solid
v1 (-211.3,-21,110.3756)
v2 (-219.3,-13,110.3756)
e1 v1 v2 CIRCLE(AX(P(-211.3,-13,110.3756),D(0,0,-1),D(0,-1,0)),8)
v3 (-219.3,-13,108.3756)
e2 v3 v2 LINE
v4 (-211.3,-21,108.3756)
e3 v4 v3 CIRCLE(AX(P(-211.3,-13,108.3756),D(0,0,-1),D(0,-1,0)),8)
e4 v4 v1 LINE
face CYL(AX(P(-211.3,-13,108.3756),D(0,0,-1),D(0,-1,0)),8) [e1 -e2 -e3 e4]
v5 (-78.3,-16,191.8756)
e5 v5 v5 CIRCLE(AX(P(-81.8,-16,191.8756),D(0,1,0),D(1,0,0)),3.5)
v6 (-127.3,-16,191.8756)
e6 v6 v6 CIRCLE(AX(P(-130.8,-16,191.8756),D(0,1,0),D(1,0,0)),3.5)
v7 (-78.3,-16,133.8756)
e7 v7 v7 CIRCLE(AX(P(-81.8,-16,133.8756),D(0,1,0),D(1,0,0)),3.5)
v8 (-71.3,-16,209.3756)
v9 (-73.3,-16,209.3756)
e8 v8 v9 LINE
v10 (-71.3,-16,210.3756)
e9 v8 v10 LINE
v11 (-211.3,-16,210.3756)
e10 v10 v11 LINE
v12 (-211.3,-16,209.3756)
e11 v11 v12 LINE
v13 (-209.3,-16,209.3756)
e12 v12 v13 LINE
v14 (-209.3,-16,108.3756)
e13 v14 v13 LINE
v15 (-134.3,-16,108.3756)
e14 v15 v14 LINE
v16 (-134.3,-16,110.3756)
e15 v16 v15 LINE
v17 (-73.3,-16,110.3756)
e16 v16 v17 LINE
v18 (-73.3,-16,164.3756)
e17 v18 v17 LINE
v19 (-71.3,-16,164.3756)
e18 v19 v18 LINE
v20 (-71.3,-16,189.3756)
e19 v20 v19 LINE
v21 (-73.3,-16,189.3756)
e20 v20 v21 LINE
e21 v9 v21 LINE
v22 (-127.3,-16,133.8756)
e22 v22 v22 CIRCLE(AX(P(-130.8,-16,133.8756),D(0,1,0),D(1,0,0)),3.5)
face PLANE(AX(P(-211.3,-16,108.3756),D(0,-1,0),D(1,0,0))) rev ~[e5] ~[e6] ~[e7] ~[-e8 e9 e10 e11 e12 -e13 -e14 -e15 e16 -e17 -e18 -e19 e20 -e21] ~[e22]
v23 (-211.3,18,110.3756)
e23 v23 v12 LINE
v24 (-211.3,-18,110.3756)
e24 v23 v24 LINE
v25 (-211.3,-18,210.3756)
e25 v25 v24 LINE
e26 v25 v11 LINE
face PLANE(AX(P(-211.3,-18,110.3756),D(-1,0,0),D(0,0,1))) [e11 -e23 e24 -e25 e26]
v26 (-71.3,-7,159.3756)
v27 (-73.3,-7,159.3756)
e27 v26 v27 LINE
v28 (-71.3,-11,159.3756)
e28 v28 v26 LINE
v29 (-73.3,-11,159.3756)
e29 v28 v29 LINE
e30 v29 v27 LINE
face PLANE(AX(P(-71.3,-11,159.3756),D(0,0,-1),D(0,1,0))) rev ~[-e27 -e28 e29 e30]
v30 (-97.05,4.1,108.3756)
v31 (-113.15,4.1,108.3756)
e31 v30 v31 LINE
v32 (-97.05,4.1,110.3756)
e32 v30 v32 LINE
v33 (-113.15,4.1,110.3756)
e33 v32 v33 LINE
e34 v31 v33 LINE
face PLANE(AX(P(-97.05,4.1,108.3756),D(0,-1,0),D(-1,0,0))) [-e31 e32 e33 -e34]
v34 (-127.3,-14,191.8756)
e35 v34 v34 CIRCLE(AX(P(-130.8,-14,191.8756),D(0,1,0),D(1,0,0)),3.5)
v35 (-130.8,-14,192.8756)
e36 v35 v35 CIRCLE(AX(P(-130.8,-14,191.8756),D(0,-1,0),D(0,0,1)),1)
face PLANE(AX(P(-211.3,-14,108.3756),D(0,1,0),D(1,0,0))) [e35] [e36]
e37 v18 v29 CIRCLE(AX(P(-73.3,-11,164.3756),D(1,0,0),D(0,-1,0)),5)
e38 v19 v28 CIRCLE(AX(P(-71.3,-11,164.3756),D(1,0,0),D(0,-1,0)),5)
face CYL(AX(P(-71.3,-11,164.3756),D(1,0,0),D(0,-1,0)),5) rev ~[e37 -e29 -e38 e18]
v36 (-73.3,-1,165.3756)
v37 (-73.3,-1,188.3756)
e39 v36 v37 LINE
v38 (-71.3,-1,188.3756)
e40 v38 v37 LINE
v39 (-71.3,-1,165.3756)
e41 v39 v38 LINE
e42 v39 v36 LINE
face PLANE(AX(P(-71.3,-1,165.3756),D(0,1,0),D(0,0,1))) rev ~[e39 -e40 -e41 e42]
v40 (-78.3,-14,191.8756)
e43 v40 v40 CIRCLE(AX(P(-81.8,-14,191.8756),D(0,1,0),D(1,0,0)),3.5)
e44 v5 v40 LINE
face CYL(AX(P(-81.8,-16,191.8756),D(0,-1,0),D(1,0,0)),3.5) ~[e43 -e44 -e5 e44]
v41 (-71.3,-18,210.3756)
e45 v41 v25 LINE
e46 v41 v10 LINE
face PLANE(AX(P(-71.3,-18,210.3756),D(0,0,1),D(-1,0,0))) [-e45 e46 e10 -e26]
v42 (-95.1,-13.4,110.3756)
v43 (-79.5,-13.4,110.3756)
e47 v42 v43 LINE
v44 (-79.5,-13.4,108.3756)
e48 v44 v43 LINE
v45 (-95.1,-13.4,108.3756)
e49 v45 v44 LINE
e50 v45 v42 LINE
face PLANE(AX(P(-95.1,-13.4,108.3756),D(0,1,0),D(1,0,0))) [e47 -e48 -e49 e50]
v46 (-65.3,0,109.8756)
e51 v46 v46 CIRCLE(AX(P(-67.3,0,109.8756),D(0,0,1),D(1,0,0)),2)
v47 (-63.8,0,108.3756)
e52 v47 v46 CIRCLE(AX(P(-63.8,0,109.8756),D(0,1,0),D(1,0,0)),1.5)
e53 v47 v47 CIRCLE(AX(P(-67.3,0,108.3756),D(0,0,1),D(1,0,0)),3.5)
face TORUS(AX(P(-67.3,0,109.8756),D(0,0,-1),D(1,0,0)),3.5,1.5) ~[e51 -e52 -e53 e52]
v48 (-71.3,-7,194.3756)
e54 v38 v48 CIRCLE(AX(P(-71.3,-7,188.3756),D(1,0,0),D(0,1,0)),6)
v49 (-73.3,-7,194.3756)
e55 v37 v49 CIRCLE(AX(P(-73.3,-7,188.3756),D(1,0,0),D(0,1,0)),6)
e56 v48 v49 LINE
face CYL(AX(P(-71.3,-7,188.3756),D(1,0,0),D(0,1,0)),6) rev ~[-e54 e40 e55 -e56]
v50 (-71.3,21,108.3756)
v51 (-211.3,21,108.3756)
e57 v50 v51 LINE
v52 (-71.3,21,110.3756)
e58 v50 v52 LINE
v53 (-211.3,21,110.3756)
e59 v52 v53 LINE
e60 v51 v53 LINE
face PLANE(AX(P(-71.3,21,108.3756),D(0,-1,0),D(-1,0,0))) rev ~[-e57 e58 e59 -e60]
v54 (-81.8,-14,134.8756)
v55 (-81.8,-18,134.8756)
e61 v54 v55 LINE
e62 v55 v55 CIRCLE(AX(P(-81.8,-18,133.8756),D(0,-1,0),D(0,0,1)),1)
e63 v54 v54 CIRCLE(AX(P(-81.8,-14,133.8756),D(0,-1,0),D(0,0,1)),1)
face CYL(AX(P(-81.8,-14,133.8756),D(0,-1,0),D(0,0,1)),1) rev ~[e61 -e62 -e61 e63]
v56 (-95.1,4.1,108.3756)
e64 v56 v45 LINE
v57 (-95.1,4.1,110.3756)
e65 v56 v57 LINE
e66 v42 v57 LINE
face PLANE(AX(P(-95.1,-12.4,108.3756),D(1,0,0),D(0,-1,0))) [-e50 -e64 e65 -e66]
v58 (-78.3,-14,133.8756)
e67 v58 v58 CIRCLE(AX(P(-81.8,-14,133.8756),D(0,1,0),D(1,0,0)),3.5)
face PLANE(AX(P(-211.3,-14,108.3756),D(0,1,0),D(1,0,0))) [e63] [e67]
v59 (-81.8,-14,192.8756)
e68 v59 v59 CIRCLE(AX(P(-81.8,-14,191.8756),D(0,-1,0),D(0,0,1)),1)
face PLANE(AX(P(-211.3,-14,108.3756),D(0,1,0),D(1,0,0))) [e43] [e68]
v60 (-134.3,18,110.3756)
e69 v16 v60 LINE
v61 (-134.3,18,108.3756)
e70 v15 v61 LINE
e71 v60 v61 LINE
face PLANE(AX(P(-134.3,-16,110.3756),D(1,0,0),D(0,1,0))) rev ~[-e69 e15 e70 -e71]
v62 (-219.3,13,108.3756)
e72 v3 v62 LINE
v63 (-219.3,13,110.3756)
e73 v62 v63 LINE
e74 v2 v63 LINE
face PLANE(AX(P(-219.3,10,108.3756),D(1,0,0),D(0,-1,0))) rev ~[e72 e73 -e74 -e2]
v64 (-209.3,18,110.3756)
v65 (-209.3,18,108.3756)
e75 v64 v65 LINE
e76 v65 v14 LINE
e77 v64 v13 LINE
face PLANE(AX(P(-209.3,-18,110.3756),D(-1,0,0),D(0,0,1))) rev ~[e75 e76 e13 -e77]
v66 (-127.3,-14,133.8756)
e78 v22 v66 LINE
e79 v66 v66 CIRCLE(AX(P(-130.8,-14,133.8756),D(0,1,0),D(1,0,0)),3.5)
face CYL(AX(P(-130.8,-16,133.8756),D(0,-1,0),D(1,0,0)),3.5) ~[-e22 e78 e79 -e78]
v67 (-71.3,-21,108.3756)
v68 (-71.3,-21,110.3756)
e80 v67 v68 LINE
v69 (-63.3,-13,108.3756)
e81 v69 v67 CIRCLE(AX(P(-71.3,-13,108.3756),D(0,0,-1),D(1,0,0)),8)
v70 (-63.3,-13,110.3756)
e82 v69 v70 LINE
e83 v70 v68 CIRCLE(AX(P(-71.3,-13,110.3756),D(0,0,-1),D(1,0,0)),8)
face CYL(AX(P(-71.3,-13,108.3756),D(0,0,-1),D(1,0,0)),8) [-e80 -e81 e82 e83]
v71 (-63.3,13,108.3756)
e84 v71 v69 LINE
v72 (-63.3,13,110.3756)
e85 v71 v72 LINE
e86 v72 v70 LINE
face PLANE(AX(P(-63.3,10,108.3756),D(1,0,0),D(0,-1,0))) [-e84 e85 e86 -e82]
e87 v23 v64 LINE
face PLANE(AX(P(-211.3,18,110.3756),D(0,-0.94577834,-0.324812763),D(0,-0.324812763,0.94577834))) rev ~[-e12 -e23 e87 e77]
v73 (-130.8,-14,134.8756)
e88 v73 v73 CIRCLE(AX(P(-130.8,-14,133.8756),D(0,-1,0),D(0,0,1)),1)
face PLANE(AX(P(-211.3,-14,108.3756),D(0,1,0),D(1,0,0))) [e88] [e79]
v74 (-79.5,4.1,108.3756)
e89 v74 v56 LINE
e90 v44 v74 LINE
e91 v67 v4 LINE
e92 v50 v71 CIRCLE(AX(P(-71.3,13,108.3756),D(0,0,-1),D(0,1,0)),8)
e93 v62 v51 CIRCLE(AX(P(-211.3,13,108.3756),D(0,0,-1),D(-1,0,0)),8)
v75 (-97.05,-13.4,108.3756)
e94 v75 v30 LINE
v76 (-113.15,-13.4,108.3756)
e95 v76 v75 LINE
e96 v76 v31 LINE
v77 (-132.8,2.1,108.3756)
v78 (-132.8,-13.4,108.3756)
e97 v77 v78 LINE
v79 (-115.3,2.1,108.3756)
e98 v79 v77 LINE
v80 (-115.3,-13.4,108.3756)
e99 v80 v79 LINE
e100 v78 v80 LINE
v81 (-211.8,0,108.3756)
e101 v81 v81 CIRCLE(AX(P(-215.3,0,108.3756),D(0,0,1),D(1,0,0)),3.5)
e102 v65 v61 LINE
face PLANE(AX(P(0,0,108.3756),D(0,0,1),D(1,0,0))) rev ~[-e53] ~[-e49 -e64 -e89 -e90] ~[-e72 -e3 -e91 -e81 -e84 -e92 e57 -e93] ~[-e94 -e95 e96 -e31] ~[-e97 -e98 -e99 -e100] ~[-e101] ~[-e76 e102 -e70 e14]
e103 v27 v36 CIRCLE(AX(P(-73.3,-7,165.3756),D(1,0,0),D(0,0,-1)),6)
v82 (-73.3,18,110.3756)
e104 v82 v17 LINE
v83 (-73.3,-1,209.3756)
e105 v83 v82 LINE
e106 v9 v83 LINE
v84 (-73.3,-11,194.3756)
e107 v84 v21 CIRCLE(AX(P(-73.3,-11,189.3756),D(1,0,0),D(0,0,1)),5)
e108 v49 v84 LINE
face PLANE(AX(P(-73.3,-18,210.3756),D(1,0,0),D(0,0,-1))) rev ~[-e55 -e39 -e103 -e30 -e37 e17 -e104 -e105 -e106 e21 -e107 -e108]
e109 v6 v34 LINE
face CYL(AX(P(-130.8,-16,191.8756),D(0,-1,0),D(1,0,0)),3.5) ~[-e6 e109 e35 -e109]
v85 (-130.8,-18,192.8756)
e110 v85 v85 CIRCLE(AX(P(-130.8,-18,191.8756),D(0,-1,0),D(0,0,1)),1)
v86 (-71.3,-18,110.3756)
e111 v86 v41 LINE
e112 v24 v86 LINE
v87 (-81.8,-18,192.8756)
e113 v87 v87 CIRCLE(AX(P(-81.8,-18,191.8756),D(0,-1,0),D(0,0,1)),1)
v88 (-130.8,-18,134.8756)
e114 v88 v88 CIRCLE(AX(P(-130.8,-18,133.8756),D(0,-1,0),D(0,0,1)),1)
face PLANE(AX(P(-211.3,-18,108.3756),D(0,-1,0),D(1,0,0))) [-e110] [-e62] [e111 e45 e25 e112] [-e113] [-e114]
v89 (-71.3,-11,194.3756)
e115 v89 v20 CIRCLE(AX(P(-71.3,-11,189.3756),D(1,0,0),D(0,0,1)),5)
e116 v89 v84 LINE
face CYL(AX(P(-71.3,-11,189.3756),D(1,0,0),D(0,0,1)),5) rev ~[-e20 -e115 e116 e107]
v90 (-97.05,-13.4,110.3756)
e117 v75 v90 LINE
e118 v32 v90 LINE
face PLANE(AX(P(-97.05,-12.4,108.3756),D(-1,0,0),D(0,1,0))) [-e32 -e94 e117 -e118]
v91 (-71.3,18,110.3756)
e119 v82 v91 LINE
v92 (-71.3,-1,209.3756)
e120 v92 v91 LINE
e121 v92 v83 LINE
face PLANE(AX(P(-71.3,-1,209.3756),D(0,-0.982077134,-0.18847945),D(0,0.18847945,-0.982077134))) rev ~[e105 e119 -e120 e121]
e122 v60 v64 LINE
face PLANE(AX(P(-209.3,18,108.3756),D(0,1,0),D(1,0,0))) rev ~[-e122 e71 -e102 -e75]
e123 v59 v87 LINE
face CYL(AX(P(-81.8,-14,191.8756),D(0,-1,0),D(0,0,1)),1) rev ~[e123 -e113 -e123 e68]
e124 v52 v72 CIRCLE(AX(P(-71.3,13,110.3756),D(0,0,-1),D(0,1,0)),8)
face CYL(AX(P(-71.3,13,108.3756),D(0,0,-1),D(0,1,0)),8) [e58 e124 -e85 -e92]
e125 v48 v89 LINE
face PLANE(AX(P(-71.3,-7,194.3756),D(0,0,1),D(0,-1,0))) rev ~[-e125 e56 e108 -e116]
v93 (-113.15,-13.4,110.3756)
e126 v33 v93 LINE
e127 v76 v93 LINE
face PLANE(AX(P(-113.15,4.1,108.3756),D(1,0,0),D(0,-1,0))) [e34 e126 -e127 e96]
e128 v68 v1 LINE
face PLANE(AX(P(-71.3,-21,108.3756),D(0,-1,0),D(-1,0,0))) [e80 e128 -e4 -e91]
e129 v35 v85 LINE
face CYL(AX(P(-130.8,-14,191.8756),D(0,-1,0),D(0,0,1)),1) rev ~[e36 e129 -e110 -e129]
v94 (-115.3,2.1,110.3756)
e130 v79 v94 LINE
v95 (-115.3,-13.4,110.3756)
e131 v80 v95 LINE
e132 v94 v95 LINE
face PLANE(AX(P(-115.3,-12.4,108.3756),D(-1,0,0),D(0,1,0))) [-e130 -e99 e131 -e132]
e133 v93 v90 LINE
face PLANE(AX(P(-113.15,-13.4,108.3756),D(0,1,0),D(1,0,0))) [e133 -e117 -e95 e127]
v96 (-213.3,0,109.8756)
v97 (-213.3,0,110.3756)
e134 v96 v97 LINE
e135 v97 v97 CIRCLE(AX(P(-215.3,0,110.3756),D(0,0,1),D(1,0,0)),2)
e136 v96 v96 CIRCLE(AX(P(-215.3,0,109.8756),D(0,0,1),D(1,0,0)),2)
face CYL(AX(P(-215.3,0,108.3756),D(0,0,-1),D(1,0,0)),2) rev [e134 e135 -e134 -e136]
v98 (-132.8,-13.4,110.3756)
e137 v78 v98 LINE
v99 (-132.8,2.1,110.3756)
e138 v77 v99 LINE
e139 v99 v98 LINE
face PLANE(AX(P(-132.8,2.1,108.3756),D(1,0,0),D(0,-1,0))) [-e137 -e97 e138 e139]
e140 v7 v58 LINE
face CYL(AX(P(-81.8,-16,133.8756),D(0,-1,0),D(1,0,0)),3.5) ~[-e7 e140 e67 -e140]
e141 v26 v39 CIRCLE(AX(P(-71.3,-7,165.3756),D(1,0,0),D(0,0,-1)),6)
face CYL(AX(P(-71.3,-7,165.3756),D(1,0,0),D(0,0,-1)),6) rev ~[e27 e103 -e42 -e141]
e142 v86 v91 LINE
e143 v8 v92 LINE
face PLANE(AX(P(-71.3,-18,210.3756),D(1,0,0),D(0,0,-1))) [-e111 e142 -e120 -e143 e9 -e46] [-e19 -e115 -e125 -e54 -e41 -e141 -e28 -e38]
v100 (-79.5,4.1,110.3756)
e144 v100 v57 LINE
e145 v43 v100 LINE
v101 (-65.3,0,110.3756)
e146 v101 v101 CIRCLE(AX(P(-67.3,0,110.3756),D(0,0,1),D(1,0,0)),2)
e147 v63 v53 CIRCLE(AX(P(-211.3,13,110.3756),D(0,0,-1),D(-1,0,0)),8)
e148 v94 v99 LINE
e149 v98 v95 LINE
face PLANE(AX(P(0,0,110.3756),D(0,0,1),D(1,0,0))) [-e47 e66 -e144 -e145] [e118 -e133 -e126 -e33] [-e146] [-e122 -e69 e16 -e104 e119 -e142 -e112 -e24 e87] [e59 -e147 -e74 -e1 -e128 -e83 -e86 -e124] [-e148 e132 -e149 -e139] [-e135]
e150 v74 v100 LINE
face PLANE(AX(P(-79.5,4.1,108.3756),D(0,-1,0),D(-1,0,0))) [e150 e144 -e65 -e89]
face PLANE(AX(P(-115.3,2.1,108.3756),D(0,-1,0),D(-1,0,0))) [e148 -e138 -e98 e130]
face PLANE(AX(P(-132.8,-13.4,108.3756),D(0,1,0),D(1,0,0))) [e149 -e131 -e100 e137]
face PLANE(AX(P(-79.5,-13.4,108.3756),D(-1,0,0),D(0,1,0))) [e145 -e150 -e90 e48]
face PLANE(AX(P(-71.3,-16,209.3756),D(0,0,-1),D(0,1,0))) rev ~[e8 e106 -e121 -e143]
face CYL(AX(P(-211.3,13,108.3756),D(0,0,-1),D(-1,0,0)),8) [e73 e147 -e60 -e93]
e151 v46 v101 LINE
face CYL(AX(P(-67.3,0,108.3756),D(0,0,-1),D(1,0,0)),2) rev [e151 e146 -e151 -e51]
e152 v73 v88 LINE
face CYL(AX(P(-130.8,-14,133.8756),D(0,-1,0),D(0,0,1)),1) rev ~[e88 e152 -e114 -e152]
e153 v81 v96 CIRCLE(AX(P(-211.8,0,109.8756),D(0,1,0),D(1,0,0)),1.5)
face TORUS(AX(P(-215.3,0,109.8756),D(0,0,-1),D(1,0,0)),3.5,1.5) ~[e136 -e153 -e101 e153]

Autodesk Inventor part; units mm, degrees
ref_plane "YZ Plane" through (0, 0, 0) normal (1, 0, 0) x (0, 1, 0)
ref_plane "XZ Plane" through (0, 0, 0) normal (0, 1, 0) x (-1, 0, 0)
ref_plane "XY Plane" through (0, 0, 0) normal (0, 0, 1) x (1, 0, 0)
ref_plane "Work Plane1" through (0, 0, 108.3756) normal (0, 0, 1) x (1, 0, 0)
sketch "Sketch1" plane through (0, 0, 108.3756) normal (0, 0, 1) x (1, 0, 0)
  line L0 (-71.3, 18) -> (-71.3, -18)
  line L1 (-71.3, -18) -> (-211.3, -18)
  line L2 (-211.3, -18) -> (-211.3, 18)
  line L3 (-211.3, 18) -> (-71.3, 18)
  line L4 (71.3003, -18) -> (71.3003, 18)
  line L5 (71.3003, 18) -> (211.3003, 18)
  line L6 (211.3003, 18) -> (211.3003, -18)
  line L7 (211.3003, -18) -> (71.3003, -18)
  line L8 (-241.3, 22) -> (241.3, 22)
  line L9 (-241.3, -22) -> (-241.3, 22)
  line L10 (241.3, -22) -> (-241.3, -22)
  line L11 (241.3, 22) -> (241.3, -22)
  circle A0 centre (-232.5, -15.875) radius 3.5
  circle A1 centre (-232.5, 15.875) radius 3.5
  circle A2 centre (232.5, -15.875) radius 3.5
  circle A3 centre (232.5, 15.875) radius 3.5
  line L12 (-219.3, 10) -> (-219.3, -10)
  line L13 (-63.3, 10) -> (-63.3, -10)
  arc A4 (-211.3, 18) -> (-219.3, 10) centre (-211.3, 10) ccw
  arc A5 (-219.3, -10) -> (-211.3, -18) centre (-211.3, -10) ccw
  arc A6 (-63.3, 10) -> (-71.3, 18) centre (-71.3, 10) ccw
  arc A7 (-71.3, -18) -> (-63.3, -10) centre (-71.3, -10) ccw
  line L14 (-211.3, 18) -> (-71.3, 18)
  line L15 (-71.3, -18) -> (-211.3, -18)
  circle A8 centre (-215.3, 0) radius 2
  circle A9 centre (-67.3, 0) radius 2
  point P0 (0, 0)
  point P1 (-63.3, 0)
  dimension "d0" = 8
  dimension "d1" = 8
  dimension "d5" = 4
  dimension "d6" = 4
  dimension "d7" = 18
  dimension "d9" = 4
  dimension "d106" = 18
extrude "Extrusion2" add sketch "Sketch1" along normal blind 2 contours A6 L13 A7 L0 | L0 L1 L2 L3 | L2 A5 L12 A4
ref_plane "Work Plane4" through (-211.3, -18, 108.3756) normal (0, -1, 0) x (1, 0, 0)
sketch "Sketch3" plane through (-211.3, -18, 108.3756) normal (0, -1, 0) x (1, 0, 0)
  line L0 (0, 2) -> (140, 2)
  line L1 (0, 2) -> (140, 2)
  line L2 (140, 2) -> (140, 102)
  line L3 (140, 102) -> (0, 102)
  line L4 (0, 102) -> (0, 2)
  point P0 (211.3, -108.3756)
  point P1 (140, 2)
  dimension "d14" = 100
  dimension "d15" = 0
extrude "Extrusion3" add sketch "Sketch3" against normal blind 2
ref_plane "Work Plane5" through (-71.3, -18, 210.3756) normal (1, 0, 0) x (0, 0, -1)
sketch "Sketch4" plane through (-71.3, -18, 210.3756) normal (1, 0, 0) x (0, 0, -1)
  line L0 (0, 2) -> (100, 2)
  line L1 (100, 2) -> (1, 2)
  line L2 (1, 2) -> (100, 36)
  line L3 (100, 36) -> (100, 2)
  point P0 (210.3756, 18)
  dimension "d19" = 99
extrude "Side" add sketch "Sketch4" against normal blind 2
ref_plane "Work Plane6" through (-211.3, -18, 110.3756) normal (-1, 0, 0) x (0, 0, 1)
sketch "Sketch5" plane through (-211.3, -18, 110.3756) normal (-1, 0, 0) x (0, 0, 1)
  line L0 (0, 2) -> (100, 2)
  line L1 (0, 2) -> (99, 2)
  line L2 (0, 36) -> (99, 2)
  line L3 (0, 36) -> (99, 2)
  line L4 (0, 36) -> (0, 2)
  point P0 (-110.3756, 18)
extrude "Extrusion5" add sketch "Sketch5" against normal blind 2
sketch "Sketch7" plane through (0, 0, 110.3756) normal (0, 0, 1) x (1, 0, 0)
  line L0 (-209.3, -16) -> (-73.3, -16)
  line L1 (-129.3, -16) -> (-204.3, -16)
  line L2 (-134.3, 18) -> (-209.3, 18)
  line L3 (-134.3, -18) -> (-134.3, 18)
  line L4 (-209.3, 18) -> (-209.3, -16)
  line L5 (-209.3, -18) -> (-134.3, -18)
  line L6 (-209.3, -18) -> (-134.3, -18)
  line L7 (-209.3, 18) -> (-134.3, 18)
  line L8 (-134.3, 18) -> (-134.3, -18)
  line L9 (-134.3, -18) -> (-209.3, -18)
  line L10 (-209.3, -18) -> (-209.3, 18)
  point P0 (0, 0)
  point P1 (-134.3, -16)
extrude "Extrusion7" cut sketch "Sketch7" against normal through all contours L4 L2 L3 L0
sketch "Sketch14" plane through (0, 0, 108.3756) normal (0, 0, -1) x (-1, 0, 0)
  line L0 (116.3, 1.1) -> (131.8, 1.1)
  line L1 (110.85, 3.1) -> (99.75, 3.1)
  line L2 (80.95, 3.1) -> (93.65, 3.1)
  line L3 (131.8, -12.2) -> (131.8, 0.9)
  line L4 (116.3, 0.9) -> (116.3, -12.2)
  line L5 (112.15, -1.76) -> (112.15, 2.24)
  line L6 (112.15, -10.26) -> (112.15, -6.26)
  line L7 (98.05, -6.56) -> (98.05, -9.96)
  line L8 (98.05, 1.94) -> (98.05, -1.46)
  line L9 (81.3, -12.4) -> (131.3, -12.4)
  line L10 (94.1, -5.96) -> (94.1, -9.76)
  line L11 (94.1, -2.3) -> (94.1, 1.5)
  line L12 (80.5, -2.3) -> (80.5, 1.5)
  line L13 (80.5, -5.96) -> (80.5, -9.76)
  line L14 (79.5, 4.1) -> (95.1, 4.1)
  line L15 (95.1, 4.1) -> (95.1, -13.4)
  line L16 (95.1, -13.4) -> (79.5, -13.4)
  line L17 (79.5, -13.4) -> (79.5, 4.1)
  line L18 (97.05, 4.1) -> (113.15, 4.1)
  line L19 (113.15, 4.1) -> (113.15, -13.4)
  line L20 (113.15, -13.4) -> (97.05, -13.4)
  line L21 (97.05, -13.4) -> (97.05, 4.1)
  line L22 (115.3, 2.1) -> (132.8, 2.1)
  line L23 (132.8, 2.1) -> (132.8, -13.4)
  line L24 (132.8, -13.4) -> (115.3, -13.4)
  line L25 (115.3, -13.4) -> (115.3, 2.1)
  point P0 (0, 0)
  dimension "d54" = 1
  dimension "d55" = 1
  dimension "d56" = 1
  dimension "d58" = 1
  dimension "d59" = 1
  dimension "d60" = 1
  dimension "d61" = 1
  dimension "d62" = 1
  dimension "d63" = 1
  dimension "d64" = 1
  dimension "d65" = 1
  dimension "d66" = 1
extrude "Extrusion12" cut sketch "Sketch14" against normal up to surface (2 mm away)
fillet "Fillet1" radius 1.5 2 edges at (-69.3, 0, 108.3756) (-217.3, 0, 108.3756)
sketch "Sketch19" plane through (0, 0, 108.3756) normal (0, 0, -1) x (-1, 0, 0)
  circle A0 centre (67.3, 0) radius 3.5
  line L0 (79.5, 4.1) -> (95.1, 4.1)
  line L1 (95.1, 4.1) -> (95.1, -13.4)
  line L2 (95.1, -13.4) -> (79.5, -13.4)
  line L3 (79.5, -13.4) -> (79.5, 4.1)
  line L4 (132.8, -13.4) -> (115.3, -13.4)
  line L5 (115.3, -13.4) -> (115.3, 2.1)
  line L6 (115.3, 2.1) -> (132.8, 2.1)
  line L7 (132.8, 2.1) -> (132.8, -13.4)
  line L8 (97.05, -13.4) -> (97.05, 4.1)
  line L9 (97.05, 4.1) -> (113.15, 4.1)
  line L10 (113.15, 4.1) -> (113.15, -13.4)
  line L11 (113.15, -13.4) -> (97.05, -13.4)
  line L12 (209.3, 18) -> (209.3, -16)
  line L13 (209.3, -16) -> (134.3, -16)
  line L14 (134.3, -16) -> (134.3, 18)
  line L15 (71.3, 18) -> (134.3, 18)
  arc A1 (71.3, 18) -> (63.3, 10) centre (71.3, 10) ccw
  line L16 (63.3, -10) -> (63.3, 10)
  arc A2 (63.3, -10) -> (71.3, -18) centre (71.3, -10) ccw
  line L17 (211.3, -18) -> (71.3, -18)
  arc A3 (211.3, -18) -> (219.3, -10) centre (211.3, -10) ccw
  line L18 (219.3, 10) -> (219.3, -10)
  arc A4 (219.3, 10) -> (211.3, 18) centre (211.3, 10) ccw
  line L19 (209.3, 18) -> (211.3, 18)
  circle A5 centre (215.3, 0) radius 3.5
  line L20 (71.3, 21) -> (211.3, 21)
  line L21 (63.3, 10) -> (63.3, 13)
  line L22 (63.3, -10) -> (63.3, -13)
  line L23 (219.3, 10) -> (219.3, 13)
  line L24 (219.3, -10) -> (219.3, -13)
  line L25 (71.3, -21) -> (211.3, -21)
  arc A6 (211.3, -21) -> (219.3, -13) centre (211.3, -13) ccw
  arc A7 (219.3, 13) -> (211.3, 21) centre (211.3, 13) ccw
  arc A8 (71.3, 21) -> (63.3, 13) centre (71.3, 13) ccw
  arc A9 (63.3, -13) -> (71.3, -21) centre (71.3, -13) ccw
  line L26 (209.3, 18) -> (134.3, 18)
  point P0 (0, 0)
  dimension "d108" = 3
  dimension "d109" = 3
  dimension "d110" = 3
  dimension "d111" = 3
  dimension "d112" = 3
  dimension "d114" = 3
extrude "Extrusion17" add sketch "Sketch19" against normal blind 2 contours L26 L15 A1 L21 A8 L20 A7 L23 A4 L19 | L24 A6 L25 A9 L22 A2 L17 A3
sketch "Sketch20" plane through (-71.3, -18, 210.3756) normal (1, 0, 0) x (0, 0, -1)
  line L0 (100, 36) -> (1, 2)
  line L1 (1, 2) -> (1, 17)
  line L2 (102, 36) -> (100, 36)
  line L3 (1, 17) -> (100, 36)
  point P0 (210.3756, 18)
  dimension "d117" = 15
extrude "Extrusion18" add sketch "Sketch20" against normal blind 2
sketch "Sketch21" plane through (-71.3, -18, 210.3756) normal (1, 0, 0) x (0, 0, -1)
  line L0 (1, 2) -> (100, 2)
  line L1 (100, 36) -> (1, 17)
  line L2 (16, 2) -> (51, 2)
  line L3 (51, 2) -> (51, 11)
  line L4 (45, 17) -> (22, 17)
  line L5 (16, 11) -> (16, 2)
  line L6 (1, 17) -> (1, 2)
  arc A0 (22, 17) -> (16, 11) centre (22, 11) ccw
  arc A1 (51, 11) -> (45, 17) centre (45, 11) ccw
  arc A2 (16, 7) -> (21, 2) centre (21, 7) ccw
  arc A3 (46, 2) -> (51, 7) centre (46, 7) ccw
  point P0 (210.3756, 18)
  point P1 (21, 2)
  point P2 (46, 2)
  dimension "d120" = 15
  dimension "d121" = 15
  dimension "d122" = 50
  dimension "d123" = 6
  dimension "d124" = 5
  dimension "d125" = 5
extrude "Extrusion19" cut sketch "Sketch21" against normal blind 2 contours A2 L5 A0 L4 A1 L3 A3 L0
sketch "Sketch24" plane through (-211.3, -16, 108.3756) normal (0, 1, 0) x (1, 0, 0)
  circle A0 centre (129.5, -25.5) radius 1.35
  circle A1 centre (80.5, -25.5) radius 1.35
  circle A2 centre (80.5, -83.5) radius 1.35
  circle A3 centre (129.5, -83.5) radius 1.35
  circle A4 centre (129.5, -83.5) radius 3.5
  circle A5 centre (80.5, -83.5) radius 3.5
  circle A6 centre (80.5, -25.5) radius 3.5
  circle A7 centre (129.5, -25.5) radius 3.5
  point P0 (211.3, 108.3756)
  dimension "d128" = 7
  dimension "d129" = 7
  dimension "d130" = 7
  dimension "d131" = 7
extrude "Extrusion20" add sketch "Sketch24" along normal blind 2 contours A0 | A1 | A2 | A3 | A4 | A5 | A6 | A7
sketch "Sketch25" plane through (-130.8, -14, 133.8756) normal (0, 1, 0) x (1, 0, 0)
  circle A0 centre (49, 0) radius 3.5
  circle A1 centre (49, -58) radius 3.5
  circle A2 centre (0, -58) radius 3.5
  circle A3 centre (0, 0) radius 3.5
  point P0 (130.8, 133.8756)
hole "Hole1" at (-81.8, -14, 133.8756) at (-130.8, -14, 133.8756) at (-130.8, -14, 191.8756) at (-81.8, -14, 191.8756) direction (0, -1, 0) diameter 2 end through all
properties part number "RPI_HOUSING2" material "Rubber, Silicone"
